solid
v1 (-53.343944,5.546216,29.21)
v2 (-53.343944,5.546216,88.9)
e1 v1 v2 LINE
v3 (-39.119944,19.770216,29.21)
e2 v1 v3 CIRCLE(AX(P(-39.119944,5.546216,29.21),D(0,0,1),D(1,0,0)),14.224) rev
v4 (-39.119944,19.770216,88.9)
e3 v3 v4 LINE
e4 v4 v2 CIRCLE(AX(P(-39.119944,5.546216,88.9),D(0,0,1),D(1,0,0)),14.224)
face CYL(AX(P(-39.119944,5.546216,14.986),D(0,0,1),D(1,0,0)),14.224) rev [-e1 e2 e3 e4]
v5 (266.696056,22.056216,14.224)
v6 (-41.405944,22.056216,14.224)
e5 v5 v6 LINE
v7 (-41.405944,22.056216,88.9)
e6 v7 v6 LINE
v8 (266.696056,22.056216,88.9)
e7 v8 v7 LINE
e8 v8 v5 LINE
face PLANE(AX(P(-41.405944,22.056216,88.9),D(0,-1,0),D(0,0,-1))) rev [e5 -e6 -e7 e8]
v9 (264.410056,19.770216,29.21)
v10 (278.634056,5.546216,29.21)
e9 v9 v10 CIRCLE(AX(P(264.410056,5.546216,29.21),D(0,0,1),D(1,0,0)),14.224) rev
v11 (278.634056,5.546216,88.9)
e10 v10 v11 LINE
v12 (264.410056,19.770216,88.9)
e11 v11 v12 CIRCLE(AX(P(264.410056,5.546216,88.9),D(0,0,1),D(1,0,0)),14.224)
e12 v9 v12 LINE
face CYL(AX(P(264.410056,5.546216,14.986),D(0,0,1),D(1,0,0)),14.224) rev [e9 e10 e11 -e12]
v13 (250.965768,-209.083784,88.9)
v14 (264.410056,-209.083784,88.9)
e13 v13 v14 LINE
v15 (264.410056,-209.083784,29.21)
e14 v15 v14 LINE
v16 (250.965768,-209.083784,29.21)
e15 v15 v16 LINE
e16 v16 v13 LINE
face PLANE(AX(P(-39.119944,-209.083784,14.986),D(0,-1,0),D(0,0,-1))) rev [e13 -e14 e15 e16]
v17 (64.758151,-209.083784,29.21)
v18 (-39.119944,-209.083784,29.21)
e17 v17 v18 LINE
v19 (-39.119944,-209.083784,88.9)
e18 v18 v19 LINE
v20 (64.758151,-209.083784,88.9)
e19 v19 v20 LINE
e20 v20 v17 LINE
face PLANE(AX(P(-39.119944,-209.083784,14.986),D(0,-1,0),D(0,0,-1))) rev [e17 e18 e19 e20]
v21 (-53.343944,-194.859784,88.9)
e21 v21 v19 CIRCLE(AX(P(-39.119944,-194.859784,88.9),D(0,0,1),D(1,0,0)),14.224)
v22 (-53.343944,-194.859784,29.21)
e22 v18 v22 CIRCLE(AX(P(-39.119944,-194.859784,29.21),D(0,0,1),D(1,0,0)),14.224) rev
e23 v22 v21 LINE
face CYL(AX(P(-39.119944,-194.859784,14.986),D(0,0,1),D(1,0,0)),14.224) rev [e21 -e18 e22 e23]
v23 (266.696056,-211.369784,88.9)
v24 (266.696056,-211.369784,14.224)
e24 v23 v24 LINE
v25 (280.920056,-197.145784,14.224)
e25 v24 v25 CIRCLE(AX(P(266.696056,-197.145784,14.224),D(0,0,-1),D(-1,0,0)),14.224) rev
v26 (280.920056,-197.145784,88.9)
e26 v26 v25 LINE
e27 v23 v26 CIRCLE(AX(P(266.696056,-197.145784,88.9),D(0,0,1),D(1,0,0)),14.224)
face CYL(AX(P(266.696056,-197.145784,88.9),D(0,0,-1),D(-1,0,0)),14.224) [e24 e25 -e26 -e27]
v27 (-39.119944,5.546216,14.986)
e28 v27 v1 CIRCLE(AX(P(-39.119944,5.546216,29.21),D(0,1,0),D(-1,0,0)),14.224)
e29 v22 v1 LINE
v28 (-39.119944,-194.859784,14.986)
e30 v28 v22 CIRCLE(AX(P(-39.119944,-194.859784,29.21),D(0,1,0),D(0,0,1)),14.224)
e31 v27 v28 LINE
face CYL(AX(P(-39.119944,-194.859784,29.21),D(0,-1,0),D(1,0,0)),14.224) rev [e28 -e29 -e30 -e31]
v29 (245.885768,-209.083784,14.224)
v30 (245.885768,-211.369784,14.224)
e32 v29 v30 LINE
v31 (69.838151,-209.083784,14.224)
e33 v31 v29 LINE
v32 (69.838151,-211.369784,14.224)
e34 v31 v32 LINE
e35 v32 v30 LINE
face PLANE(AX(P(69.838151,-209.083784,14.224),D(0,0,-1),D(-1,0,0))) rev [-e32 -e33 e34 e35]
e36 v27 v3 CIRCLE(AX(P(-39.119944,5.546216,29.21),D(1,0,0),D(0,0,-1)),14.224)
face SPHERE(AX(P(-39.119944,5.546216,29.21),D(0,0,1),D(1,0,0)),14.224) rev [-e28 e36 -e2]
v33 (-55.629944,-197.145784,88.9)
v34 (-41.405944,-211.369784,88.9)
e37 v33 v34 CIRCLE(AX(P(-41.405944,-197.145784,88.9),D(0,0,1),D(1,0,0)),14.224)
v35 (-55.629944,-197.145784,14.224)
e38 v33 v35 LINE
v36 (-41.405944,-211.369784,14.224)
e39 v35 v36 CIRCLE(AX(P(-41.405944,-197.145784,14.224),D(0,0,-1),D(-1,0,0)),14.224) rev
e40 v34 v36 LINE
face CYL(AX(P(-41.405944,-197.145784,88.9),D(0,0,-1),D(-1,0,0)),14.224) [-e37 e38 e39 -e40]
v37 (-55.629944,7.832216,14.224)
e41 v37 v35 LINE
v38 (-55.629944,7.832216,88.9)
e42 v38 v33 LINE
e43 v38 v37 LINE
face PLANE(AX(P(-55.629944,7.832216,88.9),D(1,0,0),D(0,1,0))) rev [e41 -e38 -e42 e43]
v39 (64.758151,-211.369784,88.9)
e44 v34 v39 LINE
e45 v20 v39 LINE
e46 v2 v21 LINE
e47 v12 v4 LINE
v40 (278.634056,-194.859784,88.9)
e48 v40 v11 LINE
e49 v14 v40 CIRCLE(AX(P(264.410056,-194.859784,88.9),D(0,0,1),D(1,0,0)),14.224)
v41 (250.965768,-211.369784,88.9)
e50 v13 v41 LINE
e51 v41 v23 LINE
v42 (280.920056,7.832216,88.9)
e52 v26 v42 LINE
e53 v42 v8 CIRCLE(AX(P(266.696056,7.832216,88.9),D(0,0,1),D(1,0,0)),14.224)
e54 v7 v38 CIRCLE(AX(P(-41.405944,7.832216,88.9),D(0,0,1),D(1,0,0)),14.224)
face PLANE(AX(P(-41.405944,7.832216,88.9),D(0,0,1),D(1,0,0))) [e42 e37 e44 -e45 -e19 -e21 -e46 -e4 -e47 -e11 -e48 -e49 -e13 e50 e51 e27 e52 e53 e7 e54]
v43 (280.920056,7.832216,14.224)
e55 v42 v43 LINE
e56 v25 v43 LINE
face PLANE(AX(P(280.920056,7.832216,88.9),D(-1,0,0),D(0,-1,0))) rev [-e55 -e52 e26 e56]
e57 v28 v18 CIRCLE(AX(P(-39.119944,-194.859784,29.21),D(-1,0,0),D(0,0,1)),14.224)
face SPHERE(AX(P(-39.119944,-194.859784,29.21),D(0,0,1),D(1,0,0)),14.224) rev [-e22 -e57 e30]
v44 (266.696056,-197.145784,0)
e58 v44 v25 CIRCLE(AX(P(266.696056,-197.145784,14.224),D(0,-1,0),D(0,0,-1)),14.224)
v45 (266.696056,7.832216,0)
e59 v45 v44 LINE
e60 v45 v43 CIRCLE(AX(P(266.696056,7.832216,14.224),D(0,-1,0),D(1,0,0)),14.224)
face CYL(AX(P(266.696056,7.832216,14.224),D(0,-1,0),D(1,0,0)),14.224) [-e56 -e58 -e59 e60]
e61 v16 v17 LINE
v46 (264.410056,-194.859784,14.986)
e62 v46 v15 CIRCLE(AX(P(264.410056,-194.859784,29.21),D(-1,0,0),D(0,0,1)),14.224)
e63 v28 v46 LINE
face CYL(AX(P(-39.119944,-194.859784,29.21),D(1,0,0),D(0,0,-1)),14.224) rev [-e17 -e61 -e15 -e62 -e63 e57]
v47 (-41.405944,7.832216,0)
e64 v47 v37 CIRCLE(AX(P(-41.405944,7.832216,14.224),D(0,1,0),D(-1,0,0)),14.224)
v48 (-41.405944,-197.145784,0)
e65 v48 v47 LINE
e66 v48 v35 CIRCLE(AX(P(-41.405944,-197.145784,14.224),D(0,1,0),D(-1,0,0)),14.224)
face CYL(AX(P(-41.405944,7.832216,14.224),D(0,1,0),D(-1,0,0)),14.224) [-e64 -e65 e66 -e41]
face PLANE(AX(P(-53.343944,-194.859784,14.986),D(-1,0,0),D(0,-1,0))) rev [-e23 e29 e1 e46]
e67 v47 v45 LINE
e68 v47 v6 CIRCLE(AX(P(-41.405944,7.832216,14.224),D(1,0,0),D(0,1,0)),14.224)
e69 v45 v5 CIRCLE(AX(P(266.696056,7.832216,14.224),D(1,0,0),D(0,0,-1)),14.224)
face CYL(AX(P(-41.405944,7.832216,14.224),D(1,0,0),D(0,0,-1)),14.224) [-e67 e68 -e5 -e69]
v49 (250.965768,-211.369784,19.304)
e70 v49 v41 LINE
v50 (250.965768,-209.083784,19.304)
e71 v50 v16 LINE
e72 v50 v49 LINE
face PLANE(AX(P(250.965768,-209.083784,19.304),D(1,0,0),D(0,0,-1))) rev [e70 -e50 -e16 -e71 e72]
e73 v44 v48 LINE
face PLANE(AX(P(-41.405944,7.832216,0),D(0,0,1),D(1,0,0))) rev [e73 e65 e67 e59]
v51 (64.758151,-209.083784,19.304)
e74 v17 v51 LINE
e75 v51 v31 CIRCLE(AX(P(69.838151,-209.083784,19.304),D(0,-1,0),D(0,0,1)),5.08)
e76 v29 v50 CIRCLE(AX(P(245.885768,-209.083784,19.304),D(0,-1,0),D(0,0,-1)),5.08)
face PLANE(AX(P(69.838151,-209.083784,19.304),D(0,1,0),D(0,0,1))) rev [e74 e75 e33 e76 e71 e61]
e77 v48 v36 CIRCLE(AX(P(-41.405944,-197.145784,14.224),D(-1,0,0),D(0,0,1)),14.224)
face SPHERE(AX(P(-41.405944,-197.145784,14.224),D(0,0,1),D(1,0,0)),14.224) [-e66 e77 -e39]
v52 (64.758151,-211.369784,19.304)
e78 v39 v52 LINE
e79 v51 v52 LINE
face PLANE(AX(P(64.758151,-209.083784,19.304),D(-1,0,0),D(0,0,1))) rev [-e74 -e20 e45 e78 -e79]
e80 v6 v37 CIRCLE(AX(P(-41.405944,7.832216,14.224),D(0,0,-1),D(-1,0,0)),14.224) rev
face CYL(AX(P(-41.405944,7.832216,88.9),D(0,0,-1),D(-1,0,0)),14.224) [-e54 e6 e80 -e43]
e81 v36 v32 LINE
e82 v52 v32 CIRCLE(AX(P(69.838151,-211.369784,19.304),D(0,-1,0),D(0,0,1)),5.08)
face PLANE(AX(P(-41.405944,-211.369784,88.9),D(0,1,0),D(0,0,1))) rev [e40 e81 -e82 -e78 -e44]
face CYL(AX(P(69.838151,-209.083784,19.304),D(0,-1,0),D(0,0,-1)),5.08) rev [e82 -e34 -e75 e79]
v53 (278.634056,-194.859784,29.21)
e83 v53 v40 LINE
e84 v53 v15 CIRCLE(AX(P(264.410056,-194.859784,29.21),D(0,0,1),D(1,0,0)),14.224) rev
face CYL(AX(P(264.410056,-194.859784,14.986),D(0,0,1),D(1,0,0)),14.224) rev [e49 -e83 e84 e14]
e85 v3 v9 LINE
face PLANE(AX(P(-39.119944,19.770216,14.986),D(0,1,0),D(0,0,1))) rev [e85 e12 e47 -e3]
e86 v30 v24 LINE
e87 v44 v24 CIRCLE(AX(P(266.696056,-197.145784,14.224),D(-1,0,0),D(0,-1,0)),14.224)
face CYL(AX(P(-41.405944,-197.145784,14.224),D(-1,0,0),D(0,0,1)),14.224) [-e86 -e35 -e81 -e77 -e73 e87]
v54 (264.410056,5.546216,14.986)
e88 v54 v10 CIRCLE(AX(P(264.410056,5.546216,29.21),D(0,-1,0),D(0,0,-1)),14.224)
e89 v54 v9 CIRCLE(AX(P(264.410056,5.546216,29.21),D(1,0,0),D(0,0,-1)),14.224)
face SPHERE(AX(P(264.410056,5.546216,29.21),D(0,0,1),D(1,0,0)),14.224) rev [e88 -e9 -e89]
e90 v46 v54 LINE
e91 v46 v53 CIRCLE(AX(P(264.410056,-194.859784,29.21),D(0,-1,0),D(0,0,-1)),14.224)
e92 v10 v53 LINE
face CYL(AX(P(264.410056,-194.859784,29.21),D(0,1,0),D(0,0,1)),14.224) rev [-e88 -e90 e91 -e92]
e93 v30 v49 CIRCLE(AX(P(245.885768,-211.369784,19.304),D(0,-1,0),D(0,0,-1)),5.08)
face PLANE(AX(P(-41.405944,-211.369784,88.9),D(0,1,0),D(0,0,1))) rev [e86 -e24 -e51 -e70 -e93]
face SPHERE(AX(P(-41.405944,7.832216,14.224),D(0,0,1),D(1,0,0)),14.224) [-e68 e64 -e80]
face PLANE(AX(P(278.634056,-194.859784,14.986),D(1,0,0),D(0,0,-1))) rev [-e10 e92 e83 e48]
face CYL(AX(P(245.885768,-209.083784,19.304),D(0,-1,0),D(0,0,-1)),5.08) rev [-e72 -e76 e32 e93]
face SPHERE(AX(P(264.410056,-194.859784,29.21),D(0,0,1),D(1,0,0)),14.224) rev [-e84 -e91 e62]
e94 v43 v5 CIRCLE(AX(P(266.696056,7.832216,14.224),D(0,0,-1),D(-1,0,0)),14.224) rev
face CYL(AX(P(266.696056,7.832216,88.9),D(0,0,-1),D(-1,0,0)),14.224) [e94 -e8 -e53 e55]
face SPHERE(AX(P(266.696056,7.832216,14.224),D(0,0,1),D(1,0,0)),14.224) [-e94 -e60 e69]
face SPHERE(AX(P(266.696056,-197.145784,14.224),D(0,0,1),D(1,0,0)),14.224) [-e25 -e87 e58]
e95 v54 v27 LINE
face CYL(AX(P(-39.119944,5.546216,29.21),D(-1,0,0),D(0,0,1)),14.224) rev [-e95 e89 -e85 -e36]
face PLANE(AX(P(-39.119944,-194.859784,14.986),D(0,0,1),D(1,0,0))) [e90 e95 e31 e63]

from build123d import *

# Parameters (mm, degrees)
BOSS_EXTRUDE1_DEPTH = 88.9
CUT_EXTRUDE1_DEPTH  = 73.914
FILLET1_R           = 14.224
FILLET2_R           = 14.224
CUT_EXTRUDE2_DEPTH  = 2.286


with BuildPart() as part:
    # Sketch1 → Boss-Extrude1 (new body)
    with BuildSketch(Plane.XY):
        with BuildLine():
            Line((-41.405944168, 22.056216238), (266.696055832, 22.056216238))
            ThreePointArc((266.696055832, 22.056216238), (276.753942688, 17.890103094), (280.920055832, 7.832216238))
            Line((280.920055832, 7.832216238), (280.920055832, -197.145783762))
            ThreePointArc((280.920055832, -197.145783762), (276.753942688, -207.203670617), (266.696055832, -211.369783762))
            Line((266.696055832, -211.369783762), (-41.405944168, -211.369783762))
            ThreePointArc((-41.405944168, -211.369783762), (-51.463831024, -207.203670617), (-55.629944168, -197.145783762))
            Line((-55.629944168, -197.145783762), (-55.629944168, 7.832216238))
            ThreePointArc((-55.629944168, 7.832216238), (-51.463831024, 17.890103094), (-41.405944168, 22.056216238))
        make_face()
    extrude(amount=BOSS_EXTRUDE1_DEPTH)

    # Sketch4 → Cut-Extrude1 (cut)
    with BuildSketch(Plane.XY.offset(88.9)):
        with BuildLine():
            Line((-39.119944168, -209.083783762), (264.410055832, -209.083783762))
            ThreePointArc((264.410055832, -209.083783762), (274.467942688, -204.917670617), (278.634055832, -194.859783762))
            Line((278.634055832, -194.859783762), (278.634055832, 5.546216238))
            ThreePointArc((278.634055832, 5.546216238), (274.467942688, 15.604103094), (264.410055832, 19.770216238))
            Line((264.410055832, 19.770216238), (-39.119944168, 19.770216238))
            ThreePointArc((-39.119944168, 19.770216238), (-49.177831024, 15.604103094), (-53.343944168, 5.546216238))
            Line((-53.343944168, 5.546216238), (-53.343944168, -194.859783762))
            ThreePointArc((-53.343944168, -194.859783762), (-49.177831024, -204.917670617), (-39.119944168, -209.083783762))
        make_face()
    extrude(amount=-CUT_EXTRUDE1_DEPTH, mode=Mode.SUBTRACT)

    # Fillet1
    fillet1_edges = [part.edges().sort_by_distance(p)[0] for p in [
        (-49.177831024, -204.917670617, 14.986),
        (-53.343944168, -94.656783762, 14.986),
        (-49.177831024, 15.604103094, 14.986),
        (112.645055832, 19.770216238, 14.986),
        (274.467942688, 15.604103094, 14.986),
        (278.634055832, -94.656783762, 14.986),
        (274.467942688, -204.917670617, 14.986),
        (112.645055832, -209.083783762, 14.986),
    ]]
    fillet(fillet1_edges, radius=FILLET1_R)

    # Fillet2
    fillet2_edges = [part.edges().sort_by_distance(p)[0] for p in [
        (-55.629944168, -94.656783762, 0),
        (-51.463831024, 17.890103094, 0),
        (112.645055832, 22.056216238, 0),
        (276.753942688, 17.890103094, 0),
        (280.920055832, -94.656783762, 0),
        (276.753942688, -207.203670617, 0),
        (112.645055832, -211.369783762, 0),
        (-51.463831024, -207.203670617, 0),
    ]]
    fillet(fillet2_edges, radius=FILLET2_R)

    # Sketch5 → Cut-Extrude2 (cut)
    with BuildSketch(Plane(origin=(0, -211.369783762, 0), x_dir=(-1, 0, 0), z_dir=(0, -1, 0))):
        with BuildLine():
            Line((-69.838151491, -14.224), (-245.885767903, -14.224))
            ThreePointArc((-245.885767903, -14.224), (-249.477870351, -15.711897552), (-250.965767903, -19.304))
            Line((-250.965767903, -19.304), (-250.965767903, -88.9))
            Line((-250.965767903, -88.9), (-64.758151491, -88.9))
            Line((-64.758151491, -88.9), (-64.758151491, -19.304))
            ThreePointArc((-64.758151491, -19.304), (-66.246049042, -15.711897552), (-69.838151491, -14.224))
        make_face()
    extrude(amount=-CUT_EXTRUDE2_DEPTH, mode=Mode.SUBTRACT)


solid = part.part
